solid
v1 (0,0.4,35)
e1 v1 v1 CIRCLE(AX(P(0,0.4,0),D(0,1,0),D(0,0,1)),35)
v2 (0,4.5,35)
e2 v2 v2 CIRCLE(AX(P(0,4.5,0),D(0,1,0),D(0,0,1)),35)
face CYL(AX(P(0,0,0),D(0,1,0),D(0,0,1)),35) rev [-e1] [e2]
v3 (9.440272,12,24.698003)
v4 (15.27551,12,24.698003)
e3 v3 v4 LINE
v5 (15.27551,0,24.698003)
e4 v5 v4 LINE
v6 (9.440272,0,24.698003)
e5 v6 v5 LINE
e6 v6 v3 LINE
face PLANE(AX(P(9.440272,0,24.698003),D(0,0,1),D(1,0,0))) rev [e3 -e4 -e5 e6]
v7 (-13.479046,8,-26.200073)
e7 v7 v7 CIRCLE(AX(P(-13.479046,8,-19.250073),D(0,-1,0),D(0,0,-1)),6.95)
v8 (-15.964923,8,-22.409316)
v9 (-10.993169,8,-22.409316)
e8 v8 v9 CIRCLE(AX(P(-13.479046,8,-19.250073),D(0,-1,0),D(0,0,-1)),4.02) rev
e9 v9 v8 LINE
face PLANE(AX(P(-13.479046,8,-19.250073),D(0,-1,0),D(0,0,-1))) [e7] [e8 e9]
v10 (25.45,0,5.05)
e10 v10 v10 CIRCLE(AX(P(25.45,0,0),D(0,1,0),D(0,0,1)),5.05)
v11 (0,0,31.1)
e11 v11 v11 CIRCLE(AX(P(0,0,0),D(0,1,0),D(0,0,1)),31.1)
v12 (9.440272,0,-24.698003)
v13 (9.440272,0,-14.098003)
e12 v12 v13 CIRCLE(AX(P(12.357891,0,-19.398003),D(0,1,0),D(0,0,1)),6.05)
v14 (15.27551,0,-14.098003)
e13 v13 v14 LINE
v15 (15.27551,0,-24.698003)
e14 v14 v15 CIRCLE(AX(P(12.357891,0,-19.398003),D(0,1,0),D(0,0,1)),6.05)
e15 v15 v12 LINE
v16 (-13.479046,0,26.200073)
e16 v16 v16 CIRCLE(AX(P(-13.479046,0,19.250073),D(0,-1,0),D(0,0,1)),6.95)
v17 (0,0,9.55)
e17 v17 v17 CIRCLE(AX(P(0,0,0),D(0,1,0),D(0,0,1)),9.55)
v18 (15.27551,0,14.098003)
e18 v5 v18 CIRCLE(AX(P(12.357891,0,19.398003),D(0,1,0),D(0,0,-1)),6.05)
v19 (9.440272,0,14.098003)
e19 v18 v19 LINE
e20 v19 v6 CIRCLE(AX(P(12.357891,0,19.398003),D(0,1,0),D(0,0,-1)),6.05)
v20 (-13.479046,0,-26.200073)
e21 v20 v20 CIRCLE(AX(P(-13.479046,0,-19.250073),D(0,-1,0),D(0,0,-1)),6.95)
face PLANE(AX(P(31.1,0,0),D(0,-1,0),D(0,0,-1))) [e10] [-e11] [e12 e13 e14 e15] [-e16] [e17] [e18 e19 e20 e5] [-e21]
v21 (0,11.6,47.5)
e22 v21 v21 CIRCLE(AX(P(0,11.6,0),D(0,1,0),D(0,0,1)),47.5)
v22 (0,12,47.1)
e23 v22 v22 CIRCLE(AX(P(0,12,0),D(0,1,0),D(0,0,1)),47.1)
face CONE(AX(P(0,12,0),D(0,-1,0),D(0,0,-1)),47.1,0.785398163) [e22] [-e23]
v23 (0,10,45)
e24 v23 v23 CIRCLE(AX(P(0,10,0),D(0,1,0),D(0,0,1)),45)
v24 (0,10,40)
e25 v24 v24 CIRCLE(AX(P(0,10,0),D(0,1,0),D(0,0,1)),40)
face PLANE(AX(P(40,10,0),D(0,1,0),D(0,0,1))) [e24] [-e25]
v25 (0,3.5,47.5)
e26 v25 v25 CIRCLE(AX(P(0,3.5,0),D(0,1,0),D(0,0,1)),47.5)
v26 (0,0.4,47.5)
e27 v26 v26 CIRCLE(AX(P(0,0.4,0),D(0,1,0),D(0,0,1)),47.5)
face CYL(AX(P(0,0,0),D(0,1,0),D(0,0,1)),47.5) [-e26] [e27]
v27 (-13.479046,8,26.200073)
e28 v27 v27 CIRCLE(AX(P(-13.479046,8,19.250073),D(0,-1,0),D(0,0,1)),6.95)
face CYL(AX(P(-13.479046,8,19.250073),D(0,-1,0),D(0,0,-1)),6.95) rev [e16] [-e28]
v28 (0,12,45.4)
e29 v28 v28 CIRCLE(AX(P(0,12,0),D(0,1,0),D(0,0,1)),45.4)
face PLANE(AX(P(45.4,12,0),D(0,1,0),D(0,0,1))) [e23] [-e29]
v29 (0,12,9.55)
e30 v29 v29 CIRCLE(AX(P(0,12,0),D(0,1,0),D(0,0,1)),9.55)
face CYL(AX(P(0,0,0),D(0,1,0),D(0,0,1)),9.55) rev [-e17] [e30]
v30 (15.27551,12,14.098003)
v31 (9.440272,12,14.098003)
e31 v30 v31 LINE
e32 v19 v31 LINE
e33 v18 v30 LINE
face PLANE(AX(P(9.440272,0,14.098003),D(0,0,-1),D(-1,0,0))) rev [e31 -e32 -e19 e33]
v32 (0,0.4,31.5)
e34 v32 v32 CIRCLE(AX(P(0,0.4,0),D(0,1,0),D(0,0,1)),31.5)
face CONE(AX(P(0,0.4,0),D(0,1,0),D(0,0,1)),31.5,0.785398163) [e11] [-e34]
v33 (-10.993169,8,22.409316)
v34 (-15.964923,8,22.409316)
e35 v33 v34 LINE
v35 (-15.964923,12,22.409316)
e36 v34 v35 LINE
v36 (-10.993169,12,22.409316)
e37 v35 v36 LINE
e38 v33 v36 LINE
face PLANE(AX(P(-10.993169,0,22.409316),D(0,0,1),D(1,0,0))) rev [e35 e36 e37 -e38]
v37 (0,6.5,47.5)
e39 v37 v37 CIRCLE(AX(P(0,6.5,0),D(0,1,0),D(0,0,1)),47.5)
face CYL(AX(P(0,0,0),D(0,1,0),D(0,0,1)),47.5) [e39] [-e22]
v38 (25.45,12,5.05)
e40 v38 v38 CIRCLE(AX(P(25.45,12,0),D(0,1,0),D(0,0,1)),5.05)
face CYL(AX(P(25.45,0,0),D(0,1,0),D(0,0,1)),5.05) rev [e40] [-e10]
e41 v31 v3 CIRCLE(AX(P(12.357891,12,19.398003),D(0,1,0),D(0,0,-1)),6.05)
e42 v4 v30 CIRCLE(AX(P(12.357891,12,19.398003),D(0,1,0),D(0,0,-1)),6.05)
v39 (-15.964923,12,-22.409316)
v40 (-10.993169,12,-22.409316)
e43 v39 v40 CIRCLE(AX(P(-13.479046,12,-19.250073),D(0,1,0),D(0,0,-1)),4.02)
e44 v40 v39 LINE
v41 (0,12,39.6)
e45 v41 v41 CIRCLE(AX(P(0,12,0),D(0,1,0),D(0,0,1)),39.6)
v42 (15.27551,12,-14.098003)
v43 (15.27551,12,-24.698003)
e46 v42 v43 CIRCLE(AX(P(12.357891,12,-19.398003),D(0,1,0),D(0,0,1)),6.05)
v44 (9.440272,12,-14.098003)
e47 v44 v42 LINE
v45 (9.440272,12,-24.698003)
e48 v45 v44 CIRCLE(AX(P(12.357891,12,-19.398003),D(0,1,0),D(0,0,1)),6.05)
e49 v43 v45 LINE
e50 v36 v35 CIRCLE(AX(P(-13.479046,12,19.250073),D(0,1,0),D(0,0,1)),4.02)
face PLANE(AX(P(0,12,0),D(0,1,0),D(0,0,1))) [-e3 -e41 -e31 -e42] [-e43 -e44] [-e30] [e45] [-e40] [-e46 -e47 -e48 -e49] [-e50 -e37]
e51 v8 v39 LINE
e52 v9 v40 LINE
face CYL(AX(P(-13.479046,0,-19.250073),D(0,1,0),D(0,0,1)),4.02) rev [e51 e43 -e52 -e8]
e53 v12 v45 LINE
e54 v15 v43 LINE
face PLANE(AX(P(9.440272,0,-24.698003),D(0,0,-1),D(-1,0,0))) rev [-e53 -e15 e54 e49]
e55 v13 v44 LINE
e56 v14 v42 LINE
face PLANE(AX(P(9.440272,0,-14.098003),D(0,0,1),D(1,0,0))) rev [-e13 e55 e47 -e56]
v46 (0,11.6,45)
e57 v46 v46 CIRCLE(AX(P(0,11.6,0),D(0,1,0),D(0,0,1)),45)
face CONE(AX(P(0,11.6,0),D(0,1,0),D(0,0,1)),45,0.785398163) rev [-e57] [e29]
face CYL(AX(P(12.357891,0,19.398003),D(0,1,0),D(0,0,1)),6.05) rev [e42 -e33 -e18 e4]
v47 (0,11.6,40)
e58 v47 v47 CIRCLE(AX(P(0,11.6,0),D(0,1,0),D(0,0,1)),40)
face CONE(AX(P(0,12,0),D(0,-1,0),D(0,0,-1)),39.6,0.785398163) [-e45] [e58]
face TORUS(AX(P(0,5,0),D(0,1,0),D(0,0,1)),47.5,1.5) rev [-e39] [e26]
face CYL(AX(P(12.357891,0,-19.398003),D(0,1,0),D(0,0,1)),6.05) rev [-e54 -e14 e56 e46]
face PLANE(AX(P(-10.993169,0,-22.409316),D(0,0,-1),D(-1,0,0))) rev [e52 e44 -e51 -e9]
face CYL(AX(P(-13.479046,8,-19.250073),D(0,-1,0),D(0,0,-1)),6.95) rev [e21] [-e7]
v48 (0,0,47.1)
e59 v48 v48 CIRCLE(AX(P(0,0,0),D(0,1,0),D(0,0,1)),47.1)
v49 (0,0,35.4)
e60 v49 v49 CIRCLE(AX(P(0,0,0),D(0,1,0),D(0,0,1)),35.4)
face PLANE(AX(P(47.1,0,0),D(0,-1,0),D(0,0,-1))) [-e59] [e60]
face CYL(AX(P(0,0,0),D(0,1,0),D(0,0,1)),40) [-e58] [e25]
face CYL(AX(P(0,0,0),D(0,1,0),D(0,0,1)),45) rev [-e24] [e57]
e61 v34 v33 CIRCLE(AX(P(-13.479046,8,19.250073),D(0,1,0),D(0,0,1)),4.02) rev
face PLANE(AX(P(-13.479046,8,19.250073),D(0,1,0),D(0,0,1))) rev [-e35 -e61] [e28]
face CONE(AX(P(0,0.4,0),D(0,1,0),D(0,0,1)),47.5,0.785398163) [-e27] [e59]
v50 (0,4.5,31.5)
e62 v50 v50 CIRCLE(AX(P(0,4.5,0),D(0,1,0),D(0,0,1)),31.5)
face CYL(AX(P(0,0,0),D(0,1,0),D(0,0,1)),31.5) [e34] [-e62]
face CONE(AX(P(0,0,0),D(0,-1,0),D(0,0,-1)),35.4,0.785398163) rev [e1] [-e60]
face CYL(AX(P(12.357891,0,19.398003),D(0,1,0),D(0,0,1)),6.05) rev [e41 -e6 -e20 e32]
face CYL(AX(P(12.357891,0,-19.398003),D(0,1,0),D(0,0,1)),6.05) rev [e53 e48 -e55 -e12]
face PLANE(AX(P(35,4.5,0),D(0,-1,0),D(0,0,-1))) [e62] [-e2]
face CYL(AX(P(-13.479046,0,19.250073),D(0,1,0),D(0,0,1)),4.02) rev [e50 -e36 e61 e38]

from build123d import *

# Parameters (mm, degrees)
SKETCH3_R          = 5.05
CUT_EXTRUDE1_DEPTH = 13
SKETCH6_R          = 6.95
CUT_EXTRUDE2_DEPTH = 8
SKETCH7_R          = 9.55
CUT_EXTRUDE3_DEPTH = 13


with BuildPart() as part:
    # Sketch1 → Revolve1 (revolve)
    with BuildSketch(Plane(origin=(0, 0, 0), x_dir=(-1, 0, 0), z_dir=(0, 0, -1))):
        with BuildLine():
            Line((-31.1, 0), (0, 0))
            Line((0, 0), (0, 12))
            Line((0, 12), (-39.6, 12))
            Line((-39.6, 12), (-40, 11.6))
            Line((-40, 11.6), (-40, 10))
            Line((-40, 10), (-45, 10))
            Line((-45, 10), (-45, 11.6))
            Line((-45, 11.6), (-45.4, 12))
            Line((-45.4, 12), (-47.1, 12))
            Line((-47.1, 12), (-47.5, 11.6))
            Line((-47.5, 11.6), (-47.5, 6.5))
            ThreePointArc((-47.5, 6.5), (-46, 5), (-47.5, 3.5))
            Line((-47.5, 3.5), (-47.5, 0.4))
            Line((-47.5, 0.4), (-47.1, 0))
            Line((-47.1, 0), (-35.4, 0))
            Line((-35.4, 0), (-35, 0.4))
            Line((-35, 0.4), (-35, 4.5))
            Line((-35, 4.5), (-31.5, 4.5))
            Line((-31.5, 4.5), (-31.5, 0.4))
            Line((-31.5, 0.4), (-31.1, 0))
        make_face()
    revolve(axis=Axis((0, 0, 0), (0, 1, 0)))

    # Sketch3 → Cut-Extrude1 (cut, through all)
    with BuildSketch(Plane(origin=(0, 12, 0), x_dir=(1, 0, 0), z_dir=(0, 1, 0))):
        with Locations((25.45, 0)):
            Circle(SKETCH3_R)
        with BuildLine():
            Line((-10.993169052, 22.409315756), (-15.964923457, 22.409315756))
            ThreePointArc((-15.964923457, 22.409315756), (-13.479046254, 15.230073041), (-10.993169052, 22.409315756))
        make_face()
        with BuildLine():
            Line((9.4402721, 24.698003254), (15.275509884, 24.698003254))
            ThreePointArc((15.275509884, 24.698003254), (18.407890992, 19.398003254), (15.275509884, 14.098003254))
            Line((15.275509884, 14.098003254), (9.4402721, 14.098003254))
            ThreePointArc((9.4402721, 14.098003254), (6.307890992, 19.398003254), (9.4402721, 24.698003254))
        make_face()
        with BuildLine():
            Line((-10.993169052, -22.409315756), (-15.964923457, -22.409315756))
            ThreePointArc((-15.964923457, -22.409315756), (-13.479046254, -15.230073041), (-10.993169052, -22.409315756))
        make_face()
        with BuildLine():
            Line((9.4402721, -14.098003254), (15.275509884, -14.098003254))
            ThreePointArc((15.275509884, -14.098003254), (18.407890992, -19.398003254), (15.275509884, -24.698003254))
            Line((15.275509884, -24.698003254), (9.4402721, -24.698003254))
            ThreePointArc((9.4402721, -24.698003254), (6.307890992, -19.398003254), (9.4402721, -14.098003254))
        make_face()
    extrude(amount=-CUT_EXTRUDE1_DEPTH, mode=Mode.SUBTRACT)

    # Sketch6 → Cut-Extrude2 (cut)
    with BuildSketch(Plane(origin=(0, 0, 0), x_dir=(-1, 0, 0), z_dir=(0, -1, 0))):
        with Locations((13.479046254, 19.250073041)):
            Circle(SKETCH6_R)
        with Locations((13.479046254, -19.250073041)):
            Circle(SKETCH6_R)
    extrude(amount=-CUT_EXTRUDE2_DEPTH, mode=Mode.SUBTRACT)

    # Sketch7 → Cut-Extrude3 (cut, through all)
    with BuildSketch(Plane(origin=(0, 12, 0), x_dir=(1, 0, 0), z_dir=(0, 1, 0))):
        Circle(SKETCH7_R)
    extrude(amount=-CUT_EXTRUDE3_DEPTH, mode=Mode.SUBTRACT)


solid = part.part
